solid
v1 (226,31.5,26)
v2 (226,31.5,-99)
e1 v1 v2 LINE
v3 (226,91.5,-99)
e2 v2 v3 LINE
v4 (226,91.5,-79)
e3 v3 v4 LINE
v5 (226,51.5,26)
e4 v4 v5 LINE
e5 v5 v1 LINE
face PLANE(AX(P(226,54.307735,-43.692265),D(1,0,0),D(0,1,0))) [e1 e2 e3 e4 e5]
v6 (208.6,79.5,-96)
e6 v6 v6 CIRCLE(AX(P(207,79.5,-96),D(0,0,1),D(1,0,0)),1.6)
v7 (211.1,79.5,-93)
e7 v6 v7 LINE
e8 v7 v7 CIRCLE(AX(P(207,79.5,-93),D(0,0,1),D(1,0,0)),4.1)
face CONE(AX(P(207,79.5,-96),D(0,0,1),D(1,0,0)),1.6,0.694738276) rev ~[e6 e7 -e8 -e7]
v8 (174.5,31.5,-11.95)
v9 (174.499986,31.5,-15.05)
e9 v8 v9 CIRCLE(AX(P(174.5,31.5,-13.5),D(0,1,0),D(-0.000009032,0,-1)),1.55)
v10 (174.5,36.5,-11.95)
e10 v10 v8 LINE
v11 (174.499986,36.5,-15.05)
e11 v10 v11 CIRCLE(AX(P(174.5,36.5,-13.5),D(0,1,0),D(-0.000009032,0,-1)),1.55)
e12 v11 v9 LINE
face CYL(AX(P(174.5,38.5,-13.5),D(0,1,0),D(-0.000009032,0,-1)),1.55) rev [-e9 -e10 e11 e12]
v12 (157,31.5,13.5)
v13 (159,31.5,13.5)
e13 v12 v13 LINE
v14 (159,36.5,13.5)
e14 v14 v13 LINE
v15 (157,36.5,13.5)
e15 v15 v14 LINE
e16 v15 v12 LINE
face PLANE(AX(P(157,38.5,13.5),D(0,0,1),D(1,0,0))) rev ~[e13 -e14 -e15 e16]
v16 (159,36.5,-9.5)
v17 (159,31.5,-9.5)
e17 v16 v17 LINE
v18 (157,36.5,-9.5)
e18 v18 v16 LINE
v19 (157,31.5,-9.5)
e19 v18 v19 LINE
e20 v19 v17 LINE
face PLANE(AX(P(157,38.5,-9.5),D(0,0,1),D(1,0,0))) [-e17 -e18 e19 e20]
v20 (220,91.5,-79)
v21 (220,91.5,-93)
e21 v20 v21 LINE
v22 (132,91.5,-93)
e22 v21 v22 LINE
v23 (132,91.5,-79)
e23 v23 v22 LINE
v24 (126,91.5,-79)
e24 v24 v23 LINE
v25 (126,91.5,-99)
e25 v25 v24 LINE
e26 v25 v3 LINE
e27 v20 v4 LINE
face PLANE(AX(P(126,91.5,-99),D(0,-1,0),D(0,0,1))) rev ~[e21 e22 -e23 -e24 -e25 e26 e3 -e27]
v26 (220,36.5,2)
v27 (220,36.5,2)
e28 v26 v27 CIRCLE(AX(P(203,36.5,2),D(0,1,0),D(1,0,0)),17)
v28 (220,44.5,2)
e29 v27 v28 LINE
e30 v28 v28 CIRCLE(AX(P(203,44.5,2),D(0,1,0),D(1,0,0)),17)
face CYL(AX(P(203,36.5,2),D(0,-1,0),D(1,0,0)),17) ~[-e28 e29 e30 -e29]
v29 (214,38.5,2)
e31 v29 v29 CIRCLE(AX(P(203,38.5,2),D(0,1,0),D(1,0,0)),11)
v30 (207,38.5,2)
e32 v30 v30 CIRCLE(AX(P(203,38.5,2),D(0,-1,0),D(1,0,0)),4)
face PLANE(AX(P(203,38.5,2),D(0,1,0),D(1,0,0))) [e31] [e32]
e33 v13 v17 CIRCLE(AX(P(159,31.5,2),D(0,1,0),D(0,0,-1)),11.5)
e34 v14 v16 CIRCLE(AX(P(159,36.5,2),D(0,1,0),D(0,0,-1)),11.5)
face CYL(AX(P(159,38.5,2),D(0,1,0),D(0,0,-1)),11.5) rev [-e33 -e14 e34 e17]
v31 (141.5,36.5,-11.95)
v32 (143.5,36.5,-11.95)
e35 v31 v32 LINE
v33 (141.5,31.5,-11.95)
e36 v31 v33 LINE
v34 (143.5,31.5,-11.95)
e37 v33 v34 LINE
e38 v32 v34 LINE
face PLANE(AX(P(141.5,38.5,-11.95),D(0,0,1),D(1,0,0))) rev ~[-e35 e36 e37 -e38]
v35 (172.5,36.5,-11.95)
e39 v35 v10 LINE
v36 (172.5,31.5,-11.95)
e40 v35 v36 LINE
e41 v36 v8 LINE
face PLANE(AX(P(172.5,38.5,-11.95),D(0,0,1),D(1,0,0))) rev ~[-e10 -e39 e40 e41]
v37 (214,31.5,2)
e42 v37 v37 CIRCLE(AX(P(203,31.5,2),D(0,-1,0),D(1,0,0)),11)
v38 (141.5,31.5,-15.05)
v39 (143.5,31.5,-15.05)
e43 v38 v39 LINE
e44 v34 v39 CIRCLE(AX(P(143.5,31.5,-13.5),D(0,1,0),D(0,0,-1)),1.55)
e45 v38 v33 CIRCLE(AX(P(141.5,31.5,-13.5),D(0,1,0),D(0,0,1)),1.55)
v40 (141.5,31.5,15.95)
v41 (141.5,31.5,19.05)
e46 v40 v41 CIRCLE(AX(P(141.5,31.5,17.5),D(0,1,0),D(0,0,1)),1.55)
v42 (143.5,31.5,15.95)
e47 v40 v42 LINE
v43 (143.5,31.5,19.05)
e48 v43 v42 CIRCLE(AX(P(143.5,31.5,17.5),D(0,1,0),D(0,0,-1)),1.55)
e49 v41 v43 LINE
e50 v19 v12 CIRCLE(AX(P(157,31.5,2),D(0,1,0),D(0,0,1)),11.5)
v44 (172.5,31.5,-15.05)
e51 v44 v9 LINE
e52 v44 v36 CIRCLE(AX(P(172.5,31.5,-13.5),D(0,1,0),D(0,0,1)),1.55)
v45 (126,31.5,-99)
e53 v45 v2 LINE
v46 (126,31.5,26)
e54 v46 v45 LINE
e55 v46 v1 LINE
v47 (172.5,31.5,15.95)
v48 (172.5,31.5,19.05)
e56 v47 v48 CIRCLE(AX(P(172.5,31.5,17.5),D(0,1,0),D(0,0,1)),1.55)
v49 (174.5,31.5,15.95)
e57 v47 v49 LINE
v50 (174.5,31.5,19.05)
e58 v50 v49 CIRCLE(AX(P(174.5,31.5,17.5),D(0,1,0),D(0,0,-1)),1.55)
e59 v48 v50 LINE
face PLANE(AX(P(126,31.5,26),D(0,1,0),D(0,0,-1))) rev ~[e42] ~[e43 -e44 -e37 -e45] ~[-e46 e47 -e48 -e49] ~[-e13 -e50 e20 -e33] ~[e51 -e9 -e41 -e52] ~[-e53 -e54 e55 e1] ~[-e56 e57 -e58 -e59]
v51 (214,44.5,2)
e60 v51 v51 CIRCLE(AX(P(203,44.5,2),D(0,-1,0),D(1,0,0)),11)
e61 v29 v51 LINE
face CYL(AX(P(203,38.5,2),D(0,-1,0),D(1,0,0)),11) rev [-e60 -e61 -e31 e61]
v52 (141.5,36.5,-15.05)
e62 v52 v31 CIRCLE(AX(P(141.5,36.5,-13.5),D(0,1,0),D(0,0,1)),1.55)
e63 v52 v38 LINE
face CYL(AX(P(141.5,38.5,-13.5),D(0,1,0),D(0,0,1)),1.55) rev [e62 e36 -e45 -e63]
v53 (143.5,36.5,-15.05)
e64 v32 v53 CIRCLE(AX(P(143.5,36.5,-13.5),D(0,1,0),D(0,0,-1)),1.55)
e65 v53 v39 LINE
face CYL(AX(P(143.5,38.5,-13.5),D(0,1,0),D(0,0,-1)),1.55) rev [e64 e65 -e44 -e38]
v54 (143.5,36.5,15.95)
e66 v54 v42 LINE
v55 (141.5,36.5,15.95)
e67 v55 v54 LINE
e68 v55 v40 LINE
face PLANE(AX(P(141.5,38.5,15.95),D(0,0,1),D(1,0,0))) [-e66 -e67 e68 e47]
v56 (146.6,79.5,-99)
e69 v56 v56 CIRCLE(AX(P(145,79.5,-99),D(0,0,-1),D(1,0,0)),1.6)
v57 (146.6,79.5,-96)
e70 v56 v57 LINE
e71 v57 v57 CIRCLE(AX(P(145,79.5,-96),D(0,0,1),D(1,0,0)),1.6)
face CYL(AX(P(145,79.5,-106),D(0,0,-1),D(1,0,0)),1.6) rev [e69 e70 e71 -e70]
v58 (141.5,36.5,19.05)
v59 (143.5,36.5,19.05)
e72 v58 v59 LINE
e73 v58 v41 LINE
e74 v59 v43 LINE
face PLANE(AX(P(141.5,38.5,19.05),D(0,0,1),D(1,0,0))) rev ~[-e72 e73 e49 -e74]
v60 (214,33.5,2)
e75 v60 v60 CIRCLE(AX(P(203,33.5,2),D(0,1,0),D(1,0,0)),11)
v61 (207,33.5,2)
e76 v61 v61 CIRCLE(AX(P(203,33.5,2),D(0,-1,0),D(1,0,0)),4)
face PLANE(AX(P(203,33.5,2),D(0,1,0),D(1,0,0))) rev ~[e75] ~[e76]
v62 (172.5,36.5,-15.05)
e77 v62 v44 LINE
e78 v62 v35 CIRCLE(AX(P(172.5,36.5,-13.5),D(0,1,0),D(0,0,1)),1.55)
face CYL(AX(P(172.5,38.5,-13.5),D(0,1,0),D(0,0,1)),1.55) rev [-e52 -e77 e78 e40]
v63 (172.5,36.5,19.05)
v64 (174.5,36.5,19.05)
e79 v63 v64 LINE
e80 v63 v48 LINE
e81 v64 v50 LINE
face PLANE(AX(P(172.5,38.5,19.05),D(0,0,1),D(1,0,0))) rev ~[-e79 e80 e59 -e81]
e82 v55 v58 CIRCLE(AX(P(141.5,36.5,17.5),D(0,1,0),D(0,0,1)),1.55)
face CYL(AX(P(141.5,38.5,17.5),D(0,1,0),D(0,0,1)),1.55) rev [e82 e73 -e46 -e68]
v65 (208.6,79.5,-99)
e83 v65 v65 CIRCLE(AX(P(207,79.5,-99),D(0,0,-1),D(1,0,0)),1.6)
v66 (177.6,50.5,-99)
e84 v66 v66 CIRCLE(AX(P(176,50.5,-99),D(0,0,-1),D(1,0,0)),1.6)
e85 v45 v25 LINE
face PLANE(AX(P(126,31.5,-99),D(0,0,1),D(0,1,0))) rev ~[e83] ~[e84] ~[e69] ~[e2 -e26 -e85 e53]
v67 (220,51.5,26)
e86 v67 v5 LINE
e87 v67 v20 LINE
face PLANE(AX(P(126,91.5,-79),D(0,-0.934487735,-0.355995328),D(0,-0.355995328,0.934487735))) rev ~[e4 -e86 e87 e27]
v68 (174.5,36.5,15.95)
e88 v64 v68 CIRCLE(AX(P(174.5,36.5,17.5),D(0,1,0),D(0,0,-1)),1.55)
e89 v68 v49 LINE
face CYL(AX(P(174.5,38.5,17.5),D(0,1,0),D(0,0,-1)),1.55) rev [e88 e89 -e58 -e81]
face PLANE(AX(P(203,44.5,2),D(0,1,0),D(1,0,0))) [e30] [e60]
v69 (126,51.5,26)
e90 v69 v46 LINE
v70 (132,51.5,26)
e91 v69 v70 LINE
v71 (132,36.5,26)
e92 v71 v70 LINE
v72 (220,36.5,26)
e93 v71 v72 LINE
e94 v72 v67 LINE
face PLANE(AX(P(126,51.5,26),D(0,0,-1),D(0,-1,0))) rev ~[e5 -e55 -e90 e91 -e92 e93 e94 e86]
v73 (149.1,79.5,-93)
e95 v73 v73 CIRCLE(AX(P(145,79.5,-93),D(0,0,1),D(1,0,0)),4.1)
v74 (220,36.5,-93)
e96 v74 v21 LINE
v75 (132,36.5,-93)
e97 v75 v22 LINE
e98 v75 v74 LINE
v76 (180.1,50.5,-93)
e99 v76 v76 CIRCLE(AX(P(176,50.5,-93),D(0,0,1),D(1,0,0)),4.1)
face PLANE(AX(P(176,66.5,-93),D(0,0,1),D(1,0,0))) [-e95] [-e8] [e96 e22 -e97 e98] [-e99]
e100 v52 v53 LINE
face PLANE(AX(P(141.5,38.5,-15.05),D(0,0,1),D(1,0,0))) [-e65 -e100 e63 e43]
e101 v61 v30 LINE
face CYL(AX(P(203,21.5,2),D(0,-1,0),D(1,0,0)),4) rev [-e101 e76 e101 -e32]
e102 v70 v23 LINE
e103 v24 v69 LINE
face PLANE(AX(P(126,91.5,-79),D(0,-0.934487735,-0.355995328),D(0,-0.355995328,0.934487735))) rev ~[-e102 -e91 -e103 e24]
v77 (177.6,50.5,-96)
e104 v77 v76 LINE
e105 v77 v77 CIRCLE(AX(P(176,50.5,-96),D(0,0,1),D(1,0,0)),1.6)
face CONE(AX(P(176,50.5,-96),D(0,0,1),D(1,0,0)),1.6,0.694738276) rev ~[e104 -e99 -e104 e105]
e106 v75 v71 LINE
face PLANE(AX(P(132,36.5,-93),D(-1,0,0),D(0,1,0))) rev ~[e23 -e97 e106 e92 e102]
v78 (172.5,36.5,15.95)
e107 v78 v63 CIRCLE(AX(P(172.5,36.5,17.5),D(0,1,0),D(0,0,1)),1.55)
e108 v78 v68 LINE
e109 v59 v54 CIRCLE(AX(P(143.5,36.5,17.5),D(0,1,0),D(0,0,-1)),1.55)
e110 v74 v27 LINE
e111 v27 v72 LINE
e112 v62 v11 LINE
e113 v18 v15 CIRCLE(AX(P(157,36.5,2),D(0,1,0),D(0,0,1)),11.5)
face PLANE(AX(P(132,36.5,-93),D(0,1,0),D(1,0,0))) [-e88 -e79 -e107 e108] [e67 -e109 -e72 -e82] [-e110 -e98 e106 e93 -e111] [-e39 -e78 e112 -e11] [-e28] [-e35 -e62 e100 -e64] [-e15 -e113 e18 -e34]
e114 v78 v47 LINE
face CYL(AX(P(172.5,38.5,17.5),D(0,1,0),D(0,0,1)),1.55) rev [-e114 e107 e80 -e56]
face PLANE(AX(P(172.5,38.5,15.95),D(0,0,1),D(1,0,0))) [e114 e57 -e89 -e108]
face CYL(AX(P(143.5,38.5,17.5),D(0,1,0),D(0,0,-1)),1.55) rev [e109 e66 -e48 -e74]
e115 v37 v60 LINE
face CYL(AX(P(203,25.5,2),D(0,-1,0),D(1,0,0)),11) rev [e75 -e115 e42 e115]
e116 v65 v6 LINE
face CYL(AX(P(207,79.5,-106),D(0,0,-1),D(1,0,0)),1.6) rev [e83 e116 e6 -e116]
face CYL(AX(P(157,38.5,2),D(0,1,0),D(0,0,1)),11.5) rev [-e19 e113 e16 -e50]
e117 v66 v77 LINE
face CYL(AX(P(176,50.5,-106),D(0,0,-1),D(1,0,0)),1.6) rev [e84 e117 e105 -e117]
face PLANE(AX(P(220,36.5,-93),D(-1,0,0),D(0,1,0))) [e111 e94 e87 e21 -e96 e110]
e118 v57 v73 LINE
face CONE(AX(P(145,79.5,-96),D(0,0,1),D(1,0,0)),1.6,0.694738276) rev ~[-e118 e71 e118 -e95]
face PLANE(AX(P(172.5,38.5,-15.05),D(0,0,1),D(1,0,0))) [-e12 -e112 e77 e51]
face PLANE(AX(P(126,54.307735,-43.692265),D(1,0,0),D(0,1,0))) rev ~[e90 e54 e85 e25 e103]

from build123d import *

# Parameters (mm, degrees)
CYLINDER040_R     = 11
CYLINDER040_DEPTH = 8
CYLINDER041_R     = 4
CYLINDER041_DEPTH = 34
CYLINDER046_R     = 1.6
CYLINDER046_DEPTH = 10
EXTRUDE031_DEPTH  = 10
CYLINDER039_R     = 11
CYLINDER039_DEPTH = 8
BOX010_W          = 88
BOX010_H          = 60
BOX010_DEPTH      = 128
EXTRUDE005_DEPTH  = 100
CYLINDER038_R     = 17
CYLINDER038_DEPTH = 8


with BuildPart() as cilindro040:
    # Cylinder040 → Cylinder040 (new body)
    with BuildSketch(Plane(origin=(203, 25, 2), x_dir=(1, 0, 0), z_dir=(0, 1, 0))):
        Circle(CYLINDER040_R)
    extrude(amount=CYLINDER040_DEPTH)


with BuildPart() as cilindro041:
    # Cylinder041 → Cylinder041 (new body)
    with BuildSketch(Plane(origin=(203, 8, 2), x_dir=(1, 0, 0), z_dir=(0, 1, 0))):
        Circle(CYLINDER041_R)
    extrude(amount=CYLINDER041_DEPTH)


with BuildPart() as cono:
    # Cone → Cone (revolve)
    with BuildSketch(Plane(origin=(0, 0, -96), x_dir=(1, 0, 0), z_dir=(0, -1, 0))):
        Polygon((0, 0), (1.6, 0), (4.1, 3), (0, 3), align=None)
    revolve(axis=Axis((0, 0, -96), (0, 0, 1)))


with BuildPart() as cilindro046:
    # Cylinder046 → Cylinder046 (new body)
    with BuildSketch(Plane.XY.offset(-106)):
        Circle(CYLINDER046_R)
    extrude(amount=CYLINDER046_DEPTH)


with BuildPart() as fusion030:
    # Fusion030 base: copy of Cilindro046
    add(cilindro046.part)

    # Fusion030: union Cono
    add(cono.part)


with BuildPart() as fusion030_1:
    # Fusion030 placement: moved
    add(fusion030.part.moved(Location((207, 66, 0))))


with BuildPart() as fusion031:
    # Fusion031 base: copy of Cilindro046
    add(cilindro046.part)

    # Fusion031: union Cono
    add(cono.part)


with BuildPart() as fusion031_1:
    # Fusion031 placement: moved
    add(fusion031.part.moved(Location((145, 66, 0))))


with BuildPart() as fusion032:
    # Fusion032 base: copy of Cilindro046
    add(cilindro046.part)

    # Fusion032: union Cono
    add(cono.part)


with BuildPart() as fusion032_1:
    # Fusion032 placement: moved
    add(fusion032.part.moved(Location((176, 37, 0))))


with BuildPart() as extrude031:
    # Sketch023 → Extrude031 (new body)
    with BuildSketch(Plane.XZ):
        with BuildLine():
            ThreePointArc((-1, 11.5), (-12.5, 0), (-1, -11.5))
            Line((-1, -11.5), (1, -11.5))
            ThreePointArc((1, -11.5), (12.5, 0), (1, 11.5))
            Line((-1, 11.5), (1, 11.5))
        make_face()
        with BuildLine():
            ThreePointArc((-16.5, 17.05), (-18.05, 15.5), (-16.5, 13.95))
            Line((-16.5, 13.95), (-14.5, 13.95))
            ThreePointArc((-14.5, 13.95), (-12.95, 15.5), (-14.5, 17.05))
            Line((-16.5, 17.05), (-14.5, 17.05))
        make_face()
        with BuildLine():
            ThreePointArc((14.5, 17.05), (12.95, 15.5), (14.5, 13.95))
            Line((14.5, 13.95), (16.5, 13.95))
            ThreePointArc((16.5, 13.95), (18.05, 15.5), (16.5, 17.05))
            Line((14.5, 17.05), (16.5, 17.05))
        make_face()
        with BuildLine():
            ThreePointArc((-16.5, -13.95), (-18.05, -15.5), (-16.5, -17.05))
            Line((-16.5, -17.05), (-14.5, -17.05))
            ThreePointArc((-14.5, -17.05), (-12.95, -15.5), (-14.5, -13.95))
            Line((-16.5, -13.95), (-14.5, -13.95))
        make_face()
        with BuildLine():
            ThreePointArc((14.5, -13.95), (12.95, -15.5), (14.5, -17.05))
            Line((14.5, -17.05), (16.499986, -17.05))
            ThreePointArc((16.499986, -17.05), (18.05, -15.500007), (16.5, -13.95))
            Line((14.5, -13.95), (16.5, -13.95))
        make_face()
    extrude(amount=EXTRUDE031_DEPTH)


with BuildPart() as extrude031_1:
    # Extrude031 placement: moved
    add(extrude031.part.moved(Location((158, 25, 2))))


with BuildPart() as fusion012:
    # Cylinder039 → Cylinder039 (new body)
    with BuildSketch(Plane(origin=(203, 12, 2), x_dir=(1, 0, 0), z_dir=(0, 1, 0))):
        Circle(CYLINDER039_R)
    extrude(amount=CYLINDER039_DEPTH)

    # Fusion012: union Cilindro040, Cilindro041, Fusion030, Fusion031, Fusion032, Extrude031
    add(cilindro040.part)
    add(cilindro041.part)
    add(fusion030_1.part)
    add(fusion031_1.part)
    add(fusion032_1.part)
    add(extrude031_1.part)


with BuildPart() as cubo009:
    # Box010 → Box010 (new body)
    with BuildSketch(Plane(origin=(132, 23, -93), x_dir=(1, 0, 0), z_dir=(0, 0, 1))):
        with Locations((44, 30)):
            Rectangle(BOX010_W, BOX010_H)
    extrude(amount=BOX010_DEPTH)


with BuildPart() as cut010:
    # Sketch005 → Extrude005 (new body)
    with BuildSketch(Plane.YZ.offset(126)):
        Polygon((18, 26), (18, -99), (78, -99), (78, -79), (38, 26), align=None)
    extrude(amount=EXTRUDE005_DEPTH)

    # Cut010: cut Cubo009
    add(cubo009.part, mode=Mode.SUBTRACT)


with BuildPart() as soporte_motor:
    # Cylinder038 → Cylinder038 (new body)
    with BuildSketch(Plane(origin=(203, 23, 2), x_dir=(1, 0, 0), z_dir=(0, 1, 0))):
        Circle(CYLINDER038_R)
    extrude(amount=CYLINDER038_DEPTH)

    # Fusion013: union Cut010
    add(cut010.part)

    # Cut008: cut Fusion012
    add(fusion012.part, mode=Mode.SUBTRACT)


with BuildPart() as soporte_motor_1:
    # Cut008 placement: moved
    add(soporte_motor.part.moved(Location((0, 13.5, 0))))


solid = soporte_motor_1.part
